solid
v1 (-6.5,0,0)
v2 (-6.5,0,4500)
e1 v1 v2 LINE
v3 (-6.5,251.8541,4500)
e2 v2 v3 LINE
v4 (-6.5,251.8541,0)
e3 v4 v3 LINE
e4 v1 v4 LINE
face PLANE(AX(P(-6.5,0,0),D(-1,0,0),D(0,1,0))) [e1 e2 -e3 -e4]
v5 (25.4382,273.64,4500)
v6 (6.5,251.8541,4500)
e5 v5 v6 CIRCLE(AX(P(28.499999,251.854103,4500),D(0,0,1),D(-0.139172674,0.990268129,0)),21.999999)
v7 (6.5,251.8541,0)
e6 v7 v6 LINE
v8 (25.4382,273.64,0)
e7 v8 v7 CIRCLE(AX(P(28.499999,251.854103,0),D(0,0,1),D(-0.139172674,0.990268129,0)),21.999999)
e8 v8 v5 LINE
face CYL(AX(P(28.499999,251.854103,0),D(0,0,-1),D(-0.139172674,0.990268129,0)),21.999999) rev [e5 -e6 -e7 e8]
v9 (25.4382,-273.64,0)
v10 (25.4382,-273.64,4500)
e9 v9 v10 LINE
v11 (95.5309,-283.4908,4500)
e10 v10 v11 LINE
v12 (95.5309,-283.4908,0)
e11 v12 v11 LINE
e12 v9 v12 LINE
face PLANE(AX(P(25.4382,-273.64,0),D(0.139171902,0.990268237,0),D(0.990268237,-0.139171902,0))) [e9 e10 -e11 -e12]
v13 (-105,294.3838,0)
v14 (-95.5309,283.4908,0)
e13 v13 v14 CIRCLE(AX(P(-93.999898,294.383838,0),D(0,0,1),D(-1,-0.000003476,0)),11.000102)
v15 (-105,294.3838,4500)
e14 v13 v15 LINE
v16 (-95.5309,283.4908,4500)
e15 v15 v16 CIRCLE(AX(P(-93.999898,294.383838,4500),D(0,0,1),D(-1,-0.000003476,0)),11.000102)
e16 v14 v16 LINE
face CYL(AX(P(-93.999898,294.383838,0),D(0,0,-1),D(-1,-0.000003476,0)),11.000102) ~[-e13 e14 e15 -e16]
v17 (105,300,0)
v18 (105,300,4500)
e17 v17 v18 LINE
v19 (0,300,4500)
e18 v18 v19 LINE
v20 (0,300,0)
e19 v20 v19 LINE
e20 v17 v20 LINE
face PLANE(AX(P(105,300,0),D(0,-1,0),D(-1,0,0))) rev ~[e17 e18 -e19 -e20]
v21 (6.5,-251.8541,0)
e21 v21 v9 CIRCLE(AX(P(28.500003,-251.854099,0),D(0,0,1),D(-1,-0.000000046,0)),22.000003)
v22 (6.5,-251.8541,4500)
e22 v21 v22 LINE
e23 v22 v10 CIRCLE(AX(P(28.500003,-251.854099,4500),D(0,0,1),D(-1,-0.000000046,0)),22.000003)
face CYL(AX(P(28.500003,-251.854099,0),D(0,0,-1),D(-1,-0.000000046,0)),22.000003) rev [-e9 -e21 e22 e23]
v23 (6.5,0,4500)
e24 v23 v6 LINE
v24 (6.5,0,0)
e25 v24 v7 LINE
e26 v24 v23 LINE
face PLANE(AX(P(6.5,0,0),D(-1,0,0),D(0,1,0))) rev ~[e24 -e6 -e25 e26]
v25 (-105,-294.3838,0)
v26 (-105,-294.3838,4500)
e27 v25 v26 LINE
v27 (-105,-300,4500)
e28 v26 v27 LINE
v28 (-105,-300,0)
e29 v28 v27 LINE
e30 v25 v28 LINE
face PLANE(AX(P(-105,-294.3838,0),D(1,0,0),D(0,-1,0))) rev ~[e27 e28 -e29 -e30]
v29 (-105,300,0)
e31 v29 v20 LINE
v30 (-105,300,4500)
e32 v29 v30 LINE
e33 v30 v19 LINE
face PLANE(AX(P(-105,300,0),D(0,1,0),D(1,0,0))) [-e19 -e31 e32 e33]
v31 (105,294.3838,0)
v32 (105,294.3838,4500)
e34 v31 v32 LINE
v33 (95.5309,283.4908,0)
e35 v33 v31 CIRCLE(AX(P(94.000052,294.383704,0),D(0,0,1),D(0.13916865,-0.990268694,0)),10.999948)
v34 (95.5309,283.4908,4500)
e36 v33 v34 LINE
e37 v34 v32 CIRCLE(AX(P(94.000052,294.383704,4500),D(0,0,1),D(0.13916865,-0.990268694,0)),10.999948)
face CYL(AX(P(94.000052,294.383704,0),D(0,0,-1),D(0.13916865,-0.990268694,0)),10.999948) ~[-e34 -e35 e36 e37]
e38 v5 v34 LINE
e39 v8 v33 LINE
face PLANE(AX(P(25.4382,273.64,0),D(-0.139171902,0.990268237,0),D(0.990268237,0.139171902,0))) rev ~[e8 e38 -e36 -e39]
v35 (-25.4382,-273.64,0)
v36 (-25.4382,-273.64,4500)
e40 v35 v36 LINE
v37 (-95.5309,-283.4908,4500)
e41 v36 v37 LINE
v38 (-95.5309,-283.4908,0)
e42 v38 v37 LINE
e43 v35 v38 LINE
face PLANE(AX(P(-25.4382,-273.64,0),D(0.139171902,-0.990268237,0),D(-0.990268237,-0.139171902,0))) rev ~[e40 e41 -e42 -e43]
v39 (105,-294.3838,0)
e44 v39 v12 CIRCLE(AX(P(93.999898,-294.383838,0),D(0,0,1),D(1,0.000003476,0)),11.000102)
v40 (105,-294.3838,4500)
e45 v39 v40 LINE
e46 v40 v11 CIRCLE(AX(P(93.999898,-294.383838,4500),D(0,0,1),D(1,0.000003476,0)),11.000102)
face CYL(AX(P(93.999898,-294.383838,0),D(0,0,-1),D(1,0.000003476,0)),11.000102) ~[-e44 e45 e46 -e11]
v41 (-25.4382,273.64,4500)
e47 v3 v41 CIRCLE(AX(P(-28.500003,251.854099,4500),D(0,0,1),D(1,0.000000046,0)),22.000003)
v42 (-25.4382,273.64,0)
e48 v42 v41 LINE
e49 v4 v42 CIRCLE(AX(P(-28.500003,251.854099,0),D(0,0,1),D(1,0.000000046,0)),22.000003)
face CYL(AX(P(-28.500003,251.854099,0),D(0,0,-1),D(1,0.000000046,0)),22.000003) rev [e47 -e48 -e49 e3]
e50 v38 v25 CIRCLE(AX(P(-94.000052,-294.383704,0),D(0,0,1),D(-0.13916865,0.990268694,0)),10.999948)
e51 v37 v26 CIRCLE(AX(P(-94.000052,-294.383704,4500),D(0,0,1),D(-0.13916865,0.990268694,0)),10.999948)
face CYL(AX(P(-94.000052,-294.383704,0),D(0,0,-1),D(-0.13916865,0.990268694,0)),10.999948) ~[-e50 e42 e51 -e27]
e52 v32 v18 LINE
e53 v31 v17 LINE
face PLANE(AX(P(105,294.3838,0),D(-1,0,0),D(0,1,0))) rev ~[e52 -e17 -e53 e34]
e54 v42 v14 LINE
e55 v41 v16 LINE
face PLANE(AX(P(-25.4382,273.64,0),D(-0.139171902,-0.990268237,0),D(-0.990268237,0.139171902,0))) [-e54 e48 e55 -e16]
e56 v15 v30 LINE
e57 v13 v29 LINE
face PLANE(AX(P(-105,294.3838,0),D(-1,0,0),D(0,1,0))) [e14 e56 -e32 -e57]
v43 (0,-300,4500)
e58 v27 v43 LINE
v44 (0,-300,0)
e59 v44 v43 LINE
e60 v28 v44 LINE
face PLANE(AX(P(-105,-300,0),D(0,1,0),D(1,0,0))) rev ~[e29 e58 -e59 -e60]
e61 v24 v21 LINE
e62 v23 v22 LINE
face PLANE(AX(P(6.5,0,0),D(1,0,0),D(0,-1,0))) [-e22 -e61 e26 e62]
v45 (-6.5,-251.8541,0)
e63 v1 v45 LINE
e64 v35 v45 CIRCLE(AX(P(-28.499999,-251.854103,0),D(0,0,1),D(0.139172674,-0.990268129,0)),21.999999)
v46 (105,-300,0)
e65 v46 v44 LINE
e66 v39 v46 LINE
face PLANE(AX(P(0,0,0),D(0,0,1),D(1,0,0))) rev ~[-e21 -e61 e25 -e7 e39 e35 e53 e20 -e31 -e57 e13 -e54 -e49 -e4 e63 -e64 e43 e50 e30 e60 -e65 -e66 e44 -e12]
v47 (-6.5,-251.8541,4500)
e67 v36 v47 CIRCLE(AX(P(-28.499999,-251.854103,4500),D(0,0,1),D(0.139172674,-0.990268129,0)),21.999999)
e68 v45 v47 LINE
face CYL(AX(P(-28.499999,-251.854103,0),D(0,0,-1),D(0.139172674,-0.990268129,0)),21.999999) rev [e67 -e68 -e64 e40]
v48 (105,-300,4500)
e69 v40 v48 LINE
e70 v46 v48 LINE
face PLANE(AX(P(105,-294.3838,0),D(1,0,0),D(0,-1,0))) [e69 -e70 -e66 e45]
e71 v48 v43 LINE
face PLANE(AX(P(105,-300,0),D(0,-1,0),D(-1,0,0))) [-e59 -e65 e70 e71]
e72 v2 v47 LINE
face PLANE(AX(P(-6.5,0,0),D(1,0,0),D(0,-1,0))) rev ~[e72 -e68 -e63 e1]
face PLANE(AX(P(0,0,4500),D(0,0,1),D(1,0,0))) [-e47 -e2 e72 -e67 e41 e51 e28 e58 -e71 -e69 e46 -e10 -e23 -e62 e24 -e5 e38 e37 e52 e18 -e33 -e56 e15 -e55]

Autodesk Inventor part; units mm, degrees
ref_plane "YZ Plane" through (0, 0, 0) normal (1, 0, 0) x (0, 1, 0)
ref_plane "Startebene" through (0, 0, 0) normal (0, 0, 1) x (1, 0, 0)
ref_plane "Endebene" through (0, 0, 4500) normal (0, 0, 1) x (1, 0, 0)
sketch "Skizze" plane through (0, 0, 0) normal (0, 0, 1) x (1, 0, 0)
  line L0 (-6.5, 0) -> (-6.5, -251.8541)
  line L1 (-25.4382, -273.64) -> (-95.5309, -283.4908)
  line L2 (-105, -294.3838) -> (-105, -300)
  line L3 (-105, -300) -> (0, -300)
  line L4 (-55.75, -300) -> (-55.75, -277.9) construction
  line L5 (-25.7112, 0) -> (34.2816, 0) construction
  line L6 (0, 40) -> (0, -300) construction
  line L7 (0, -48) -> (0, 64) construction
  line L8 (6.5, 0) -> (6.5, -251.8541)
  line L9 (25.4382, -273.64) -> (95.5309, -283.4908)
  line L10 (105, -294.3838) -> (105, -300)
  line L11 (105, -300) -> (0, -300)
  line L12 (-6.5, 0) -> (6.5, 0) construction
  line L13 (-6.5, 0) -> (-6.5, 251.8541)
  line L14 (-25.4382, 273.64) -> (-95.5309, 283.4908)
  line L15 (-105, 294.3838) -> (-105, 300)
  line L16 (-105, 300) -> (0, 300)
  line L17 (6.5, 0) -> (6.5, 251.8541)
  line L18 (25.4382, 273.64) -> (95.5309, 283.4908)
  line L19 (105, 294.3838) -> (105, 300)
  line L20 (105, 300) -> (0, 300)
  arc A0 (-105, 294.3838) -> (-95.5309, 283.4908) centre (-94, 294.3838) ccw
  arc A1 (95.5309, 283.4908) -> (105, 294.3838) centre (94, 294.3838) ccw
  arc A2 (105, -294.3838) -> (95.5309, -283.4908) centre (94, -294.3838) ccw
  arc A3 (-95.5309, -283.4908) -> (-105, -294.3838) centre (-94, -294.3838) ccw
  arc A4 (-6.5, 251.8541) -> (-25.4382, 273.64) centre (-28.5, 251.8541) ccw
  arc A5 (25.4382, 273.64) -> (6.5, 251.8541) centre (28.5, 251.8541) ccw
  arc A6 (6.5, -251.8541) -> (25.4382, -273.64) centre (28.5, -251.8541) ccw
  arc A7 (-25.4382, -273.64) -> (-6.5, -251.8541) centre (-28.5, -251.8541) ccw
  line L21 (0, 420) -> (0, -420) construction
  line L22 (-149.8509, 0) -> (149.8509, 0) construction
  point P0 (-6.5, -270.9784)
  point P1 (-105, -284.8216)
  point P2 (6.5, -270.9784)
  point P3 (105, -284.8216)
  point P4 (55.75, -300)
  point P5 (55.75, -277.9)
  point P6 (-6.5, 270.9784)
  point P7 (-105, 284.8216)
  point P8 (-55.75, 300)
  point P9 (-55.75, 277.9)
  point P10 (6.5, 270.9784)
  point P11 (105, 284.8216)
  point P12 (55.75, 277.9)
  point P13 (55.75, 300)
  dimension "d1" = 6.9216
  dimension "d2" = 22.1
  dimension "d3" = 49.25
  dimension "d4" = 6.5
  dimension "d5" = 105
  dimension "d10" = 300
  dimension "d14" = 11
  dimension "d15" = 22
extrude "Körper" add sketch "Skizze" along normal up to surface (4500 mm away) from surface at 0
sketch "Sketch3" plane through (0, 0, 0) normal (0, 0, 1) x (1, 0, 0)
  line L0 (0, 0) -> (10, 0)
ref_plane "Work Plane3" through (0, 0, 0) normal (0, -1, 0) x (1, 0, 0)
sketch "Sketch4" plane through (0, 0, 0) normal (0, -1, 0) x (1, 0, 0)
  line L0 (-2, 0) -> (12, 0)
  line L1 (-2, 4500) -> (12, 4500)
  dimension "d19" = 4500
equation "\"d2\" = G_T1"
equation "\"d3\" = G_C"
equation "\"d4\" = 0.5 * G_T"
equation "\"d5\" = 0.5 * G_W"
equation "\"d10\" = 0.5 * G_H"
equation "\"d14\" = G_ER"
equation "\"d15\" = G_IR"
equation "\"d6\" = G_L"
equation "\"G_W\" = 210"
equation "\"G_H\" = 600"
equation "\"G_T\" = 13"
equation "\"G_T1\" = 22.1"
equation "\"G_C\" = 49.25"
equation "\"G_NG\" = 0.140541"
equation "\"G_L\" = d19"
equation "\"G_ER\" = 0.5 * G_IR"
equation "\"G_IR\" = 22"
equation "\"G_OFFSET_START\" = 0"
equation "\"G_OFFSET_END\" = 0"
properties part number "ISO 657/15 - SB 600x131 - 4500" material "Stahl, weich"
